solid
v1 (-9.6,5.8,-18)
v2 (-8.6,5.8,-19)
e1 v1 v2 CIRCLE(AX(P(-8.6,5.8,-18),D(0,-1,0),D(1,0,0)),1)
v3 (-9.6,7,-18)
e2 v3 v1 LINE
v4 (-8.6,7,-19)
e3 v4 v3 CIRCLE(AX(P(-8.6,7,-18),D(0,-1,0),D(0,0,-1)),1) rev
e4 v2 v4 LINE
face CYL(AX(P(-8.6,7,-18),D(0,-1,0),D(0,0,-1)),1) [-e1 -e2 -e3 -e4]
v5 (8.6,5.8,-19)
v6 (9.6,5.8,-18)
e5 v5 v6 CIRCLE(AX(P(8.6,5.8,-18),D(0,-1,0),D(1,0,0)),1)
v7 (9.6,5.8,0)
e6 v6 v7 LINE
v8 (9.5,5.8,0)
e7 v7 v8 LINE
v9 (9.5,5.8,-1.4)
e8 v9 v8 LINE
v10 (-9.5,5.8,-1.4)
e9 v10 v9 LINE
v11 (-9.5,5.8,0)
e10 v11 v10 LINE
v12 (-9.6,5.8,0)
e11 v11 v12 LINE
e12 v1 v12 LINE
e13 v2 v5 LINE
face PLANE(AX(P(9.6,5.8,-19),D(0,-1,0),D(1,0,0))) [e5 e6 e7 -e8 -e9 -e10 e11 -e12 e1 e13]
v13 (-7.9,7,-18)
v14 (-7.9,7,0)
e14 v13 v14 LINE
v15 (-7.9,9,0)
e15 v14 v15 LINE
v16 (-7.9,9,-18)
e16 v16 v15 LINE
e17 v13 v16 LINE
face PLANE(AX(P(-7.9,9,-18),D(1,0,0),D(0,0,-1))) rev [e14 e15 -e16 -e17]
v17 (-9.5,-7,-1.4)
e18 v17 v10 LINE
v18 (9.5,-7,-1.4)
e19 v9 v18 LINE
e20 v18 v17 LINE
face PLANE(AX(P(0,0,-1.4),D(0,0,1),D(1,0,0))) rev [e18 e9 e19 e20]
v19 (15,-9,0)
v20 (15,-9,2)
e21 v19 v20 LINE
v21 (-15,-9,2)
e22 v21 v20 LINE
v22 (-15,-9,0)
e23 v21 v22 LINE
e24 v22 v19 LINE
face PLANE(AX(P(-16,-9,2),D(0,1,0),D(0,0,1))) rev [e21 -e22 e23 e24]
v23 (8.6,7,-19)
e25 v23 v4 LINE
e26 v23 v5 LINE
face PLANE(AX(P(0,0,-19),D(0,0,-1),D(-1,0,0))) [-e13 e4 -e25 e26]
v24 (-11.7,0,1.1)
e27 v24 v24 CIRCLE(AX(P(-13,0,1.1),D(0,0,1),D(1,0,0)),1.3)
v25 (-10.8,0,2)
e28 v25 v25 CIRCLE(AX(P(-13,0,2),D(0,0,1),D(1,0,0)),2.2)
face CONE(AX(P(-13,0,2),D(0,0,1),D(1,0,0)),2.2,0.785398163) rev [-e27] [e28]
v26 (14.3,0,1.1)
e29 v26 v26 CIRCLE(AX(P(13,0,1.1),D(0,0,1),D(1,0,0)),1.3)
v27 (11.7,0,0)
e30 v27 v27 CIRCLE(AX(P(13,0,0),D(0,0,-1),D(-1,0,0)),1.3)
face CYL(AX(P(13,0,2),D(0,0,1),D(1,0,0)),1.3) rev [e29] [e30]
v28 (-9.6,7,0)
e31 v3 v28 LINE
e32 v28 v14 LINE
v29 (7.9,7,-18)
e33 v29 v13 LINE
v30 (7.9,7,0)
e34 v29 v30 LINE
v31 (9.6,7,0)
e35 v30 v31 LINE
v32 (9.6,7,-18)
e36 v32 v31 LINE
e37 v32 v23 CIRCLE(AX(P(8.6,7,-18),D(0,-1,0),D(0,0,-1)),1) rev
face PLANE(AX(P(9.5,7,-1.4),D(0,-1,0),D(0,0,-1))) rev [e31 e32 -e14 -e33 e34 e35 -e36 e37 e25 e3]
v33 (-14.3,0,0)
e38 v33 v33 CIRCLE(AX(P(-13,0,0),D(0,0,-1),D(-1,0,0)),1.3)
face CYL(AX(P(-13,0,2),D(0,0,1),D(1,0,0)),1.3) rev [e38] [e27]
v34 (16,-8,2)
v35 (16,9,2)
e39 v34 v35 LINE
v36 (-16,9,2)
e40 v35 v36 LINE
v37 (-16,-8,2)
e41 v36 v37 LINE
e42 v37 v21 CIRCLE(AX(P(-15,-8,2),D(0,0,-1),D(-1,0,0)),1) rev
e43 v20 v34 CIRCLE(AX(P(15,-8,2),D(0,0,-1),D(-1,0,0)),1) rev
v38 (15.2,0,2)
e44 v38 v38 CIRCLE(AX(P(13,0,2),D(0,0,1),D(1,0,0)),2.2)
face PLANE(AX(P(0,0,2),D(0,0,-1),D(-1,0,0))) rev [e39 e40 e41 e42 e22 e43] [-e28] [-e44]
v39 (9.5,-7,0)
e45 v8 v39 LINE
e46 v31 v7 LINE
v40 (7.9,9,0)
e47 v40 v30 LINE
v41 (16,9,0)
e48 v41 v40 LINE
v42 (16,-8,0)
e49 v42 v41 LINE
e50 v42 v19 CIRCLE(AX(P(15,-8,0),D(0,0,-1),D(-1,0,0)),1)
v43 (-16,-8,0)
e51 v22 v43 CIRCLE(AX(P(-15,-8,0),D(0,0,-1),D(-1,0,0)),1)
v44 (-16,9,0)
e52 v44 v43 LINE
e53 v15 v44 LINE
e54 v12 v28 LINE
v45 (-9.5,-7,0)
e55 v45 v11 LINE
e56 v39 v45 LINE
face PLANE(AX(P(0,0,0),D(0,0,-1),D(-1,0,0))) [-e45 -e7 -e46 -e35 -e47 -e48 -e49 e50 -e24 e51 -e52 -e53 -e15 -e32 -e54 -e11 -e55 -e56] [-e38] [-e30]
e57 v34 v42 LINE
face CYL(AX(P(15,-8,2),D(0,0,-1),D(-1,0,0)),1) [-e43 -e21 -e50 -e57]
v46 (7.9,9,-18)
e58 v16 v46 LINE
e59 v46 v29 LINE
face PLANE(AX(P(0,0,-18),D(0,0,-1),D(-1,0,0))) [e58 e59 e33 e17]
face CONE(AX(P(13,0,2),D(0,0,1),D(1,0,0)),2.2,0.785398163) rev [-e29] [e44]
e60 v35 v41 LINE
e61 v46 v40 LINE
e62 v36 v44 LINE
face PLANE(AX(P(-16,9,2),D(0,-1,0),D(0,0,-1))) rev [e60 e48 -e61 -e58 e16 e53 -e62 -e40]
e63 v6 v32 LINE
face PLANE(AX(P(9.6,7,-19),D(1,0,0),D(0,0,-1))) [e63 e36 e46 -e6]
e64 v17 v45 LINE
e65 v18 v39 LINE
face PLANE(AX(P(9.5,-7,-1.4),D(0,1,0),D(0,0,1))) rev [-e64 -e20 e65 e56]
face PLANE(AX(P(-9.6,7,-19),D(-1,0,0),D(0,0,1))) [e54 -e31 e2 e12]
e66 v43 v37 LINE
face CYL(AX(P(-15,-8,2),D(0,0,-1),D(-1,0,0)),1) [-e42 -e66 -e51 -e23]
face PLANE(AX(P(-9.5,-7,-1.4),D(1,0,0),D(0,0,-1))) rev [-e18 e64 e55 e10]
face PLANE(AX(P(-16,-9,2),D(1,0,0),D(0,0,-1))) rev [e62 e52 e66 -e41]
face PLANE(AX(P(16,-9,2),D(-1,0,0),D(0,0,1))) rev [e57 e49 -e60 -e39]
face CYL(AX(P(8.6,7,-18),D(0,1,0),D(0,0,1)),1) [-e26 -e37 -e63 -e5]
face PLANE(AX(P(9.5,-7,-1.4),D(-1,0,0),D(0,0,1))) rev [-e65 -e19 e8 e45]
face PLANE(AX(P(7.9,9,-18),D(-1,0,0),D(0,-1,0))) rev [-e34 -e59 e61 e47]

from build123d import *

# Parameters (mm, degrees)
ESQUISSE1_W                                    = 32
ESQUISSE1_H                                    = 18
BOSS_EXTRU_1_DEPTH                             = 2
ESQUISSE2_W                                    = 19
ESQUISSE2_H                                    = 14
BOSS_EXTRU_2_DEPTH                             = 1.4
FRAISAGE_POUR_VIS_T_TE_FRAIS_E_M21_D           = 2.6
FRAISAGE_POUR_VIS_T_TE_FRAIS_E_M21_CSINK_D     = 4.4
FRAISAGE_POUR_VIS_T_TE_FRAIS_E_M21_CSINK_ANGLE = 90
ESQUISSE6_W                                    = 15.8
ESQUISSE6_H                                    = 2
BOSS_EXTRU_3_DEPTH                             = 18
ESQUISSE7_W                                    = 19.2
ESQUISSE7_H                                    = 1.2
BOSS_EXTRU_4_DEPTH                             = 21
CONG_5_R                                       = 1


with BuildPart() as part:
    # Esquisse1 → Boss.-Extru.1 (new body)
    with BuildSketch(Plane.XY):
        Rectangle(ESQUISSE1_W, ESQUISSE1_H)
    extrude(amount=BOSS_EXTRU_1_DEPTH)

    # Esquisse2 → Boss.-Extru.2 (add)
    with BuildSketch(Plane(origin=(0, 0, 0), x_dir=(-1, 0, 0), z_dir=(0, 0, -1))):
        Rectangle(ESQUISSE2_W, ESQUISSE2_H)
    extrude(amount=BOSS_EXTRU_2_DEPTH)

    # Fraisage pour vis à tête fraisée M21 (through all)
    with Locations(Plane.XY.offset(2)):
        with Locations((-13, 0)):
            fraisage_pour_vis_t_te_frais_e_m21 = CounterSinkHole(FRAISAGE_POUR_VIS_T_TE_FRAIS_E_M21_D / 2, FRAISAGE_POUR_VIS_T_TE_FRAIS_E_M21_CSINK_D / 2, counter_sink_angle=FRAISAGE_POUR_VIS_T_TE_FRAIS_E_M21_CSINK_ANGLE)

    # Symétrie1: Fraisage pour vis à tête fraisée M21 across plane
    add(fraisage_pour_vis_t_te_frais_e_m21.mirror(Plane(origin=(0, 0, 0), x_dir=(0, 0, 1), z_dir=(1, 0, 0))), mode=Mode.SUBTRACT)

    # Esquisse6 → Boss.-Extru.3 (add)
    with BuildSketch(Plane(origin=(0, 0, 0), x_dir=(-1, 0, 0), z_dir=(0, 0, -1))):
        with Locations((0, 8)):
            Rectangle(ESQUISSE6_W, ESQUISSE6_H)
    extrude(amount=BOSS_EXTRU_3_DEPTH)

    # Esquisse7 → Boss.-Extru.4 (add)
    with BuildSketch(Plane.XY.offset(2)):
        with Locations((0, 6.4)):
            Rectangle(ESQUISSE7_W, ESQUISSE7_H)
    extrude(amount=-BOSS_EXTRU_4_DEPTH)

    # Congé5
    cong_5_edges = [part.edges().sort_by_distance(p)[0] for p in [
        (9.6, 6.4, -19),
        (-9.6, 6.4, -19),
        (16, -9, 1),
        (-16, -9, 1),
    ]]
    fillet(cong_5_edges, radius=CONG_5_R)


solid = part.part
